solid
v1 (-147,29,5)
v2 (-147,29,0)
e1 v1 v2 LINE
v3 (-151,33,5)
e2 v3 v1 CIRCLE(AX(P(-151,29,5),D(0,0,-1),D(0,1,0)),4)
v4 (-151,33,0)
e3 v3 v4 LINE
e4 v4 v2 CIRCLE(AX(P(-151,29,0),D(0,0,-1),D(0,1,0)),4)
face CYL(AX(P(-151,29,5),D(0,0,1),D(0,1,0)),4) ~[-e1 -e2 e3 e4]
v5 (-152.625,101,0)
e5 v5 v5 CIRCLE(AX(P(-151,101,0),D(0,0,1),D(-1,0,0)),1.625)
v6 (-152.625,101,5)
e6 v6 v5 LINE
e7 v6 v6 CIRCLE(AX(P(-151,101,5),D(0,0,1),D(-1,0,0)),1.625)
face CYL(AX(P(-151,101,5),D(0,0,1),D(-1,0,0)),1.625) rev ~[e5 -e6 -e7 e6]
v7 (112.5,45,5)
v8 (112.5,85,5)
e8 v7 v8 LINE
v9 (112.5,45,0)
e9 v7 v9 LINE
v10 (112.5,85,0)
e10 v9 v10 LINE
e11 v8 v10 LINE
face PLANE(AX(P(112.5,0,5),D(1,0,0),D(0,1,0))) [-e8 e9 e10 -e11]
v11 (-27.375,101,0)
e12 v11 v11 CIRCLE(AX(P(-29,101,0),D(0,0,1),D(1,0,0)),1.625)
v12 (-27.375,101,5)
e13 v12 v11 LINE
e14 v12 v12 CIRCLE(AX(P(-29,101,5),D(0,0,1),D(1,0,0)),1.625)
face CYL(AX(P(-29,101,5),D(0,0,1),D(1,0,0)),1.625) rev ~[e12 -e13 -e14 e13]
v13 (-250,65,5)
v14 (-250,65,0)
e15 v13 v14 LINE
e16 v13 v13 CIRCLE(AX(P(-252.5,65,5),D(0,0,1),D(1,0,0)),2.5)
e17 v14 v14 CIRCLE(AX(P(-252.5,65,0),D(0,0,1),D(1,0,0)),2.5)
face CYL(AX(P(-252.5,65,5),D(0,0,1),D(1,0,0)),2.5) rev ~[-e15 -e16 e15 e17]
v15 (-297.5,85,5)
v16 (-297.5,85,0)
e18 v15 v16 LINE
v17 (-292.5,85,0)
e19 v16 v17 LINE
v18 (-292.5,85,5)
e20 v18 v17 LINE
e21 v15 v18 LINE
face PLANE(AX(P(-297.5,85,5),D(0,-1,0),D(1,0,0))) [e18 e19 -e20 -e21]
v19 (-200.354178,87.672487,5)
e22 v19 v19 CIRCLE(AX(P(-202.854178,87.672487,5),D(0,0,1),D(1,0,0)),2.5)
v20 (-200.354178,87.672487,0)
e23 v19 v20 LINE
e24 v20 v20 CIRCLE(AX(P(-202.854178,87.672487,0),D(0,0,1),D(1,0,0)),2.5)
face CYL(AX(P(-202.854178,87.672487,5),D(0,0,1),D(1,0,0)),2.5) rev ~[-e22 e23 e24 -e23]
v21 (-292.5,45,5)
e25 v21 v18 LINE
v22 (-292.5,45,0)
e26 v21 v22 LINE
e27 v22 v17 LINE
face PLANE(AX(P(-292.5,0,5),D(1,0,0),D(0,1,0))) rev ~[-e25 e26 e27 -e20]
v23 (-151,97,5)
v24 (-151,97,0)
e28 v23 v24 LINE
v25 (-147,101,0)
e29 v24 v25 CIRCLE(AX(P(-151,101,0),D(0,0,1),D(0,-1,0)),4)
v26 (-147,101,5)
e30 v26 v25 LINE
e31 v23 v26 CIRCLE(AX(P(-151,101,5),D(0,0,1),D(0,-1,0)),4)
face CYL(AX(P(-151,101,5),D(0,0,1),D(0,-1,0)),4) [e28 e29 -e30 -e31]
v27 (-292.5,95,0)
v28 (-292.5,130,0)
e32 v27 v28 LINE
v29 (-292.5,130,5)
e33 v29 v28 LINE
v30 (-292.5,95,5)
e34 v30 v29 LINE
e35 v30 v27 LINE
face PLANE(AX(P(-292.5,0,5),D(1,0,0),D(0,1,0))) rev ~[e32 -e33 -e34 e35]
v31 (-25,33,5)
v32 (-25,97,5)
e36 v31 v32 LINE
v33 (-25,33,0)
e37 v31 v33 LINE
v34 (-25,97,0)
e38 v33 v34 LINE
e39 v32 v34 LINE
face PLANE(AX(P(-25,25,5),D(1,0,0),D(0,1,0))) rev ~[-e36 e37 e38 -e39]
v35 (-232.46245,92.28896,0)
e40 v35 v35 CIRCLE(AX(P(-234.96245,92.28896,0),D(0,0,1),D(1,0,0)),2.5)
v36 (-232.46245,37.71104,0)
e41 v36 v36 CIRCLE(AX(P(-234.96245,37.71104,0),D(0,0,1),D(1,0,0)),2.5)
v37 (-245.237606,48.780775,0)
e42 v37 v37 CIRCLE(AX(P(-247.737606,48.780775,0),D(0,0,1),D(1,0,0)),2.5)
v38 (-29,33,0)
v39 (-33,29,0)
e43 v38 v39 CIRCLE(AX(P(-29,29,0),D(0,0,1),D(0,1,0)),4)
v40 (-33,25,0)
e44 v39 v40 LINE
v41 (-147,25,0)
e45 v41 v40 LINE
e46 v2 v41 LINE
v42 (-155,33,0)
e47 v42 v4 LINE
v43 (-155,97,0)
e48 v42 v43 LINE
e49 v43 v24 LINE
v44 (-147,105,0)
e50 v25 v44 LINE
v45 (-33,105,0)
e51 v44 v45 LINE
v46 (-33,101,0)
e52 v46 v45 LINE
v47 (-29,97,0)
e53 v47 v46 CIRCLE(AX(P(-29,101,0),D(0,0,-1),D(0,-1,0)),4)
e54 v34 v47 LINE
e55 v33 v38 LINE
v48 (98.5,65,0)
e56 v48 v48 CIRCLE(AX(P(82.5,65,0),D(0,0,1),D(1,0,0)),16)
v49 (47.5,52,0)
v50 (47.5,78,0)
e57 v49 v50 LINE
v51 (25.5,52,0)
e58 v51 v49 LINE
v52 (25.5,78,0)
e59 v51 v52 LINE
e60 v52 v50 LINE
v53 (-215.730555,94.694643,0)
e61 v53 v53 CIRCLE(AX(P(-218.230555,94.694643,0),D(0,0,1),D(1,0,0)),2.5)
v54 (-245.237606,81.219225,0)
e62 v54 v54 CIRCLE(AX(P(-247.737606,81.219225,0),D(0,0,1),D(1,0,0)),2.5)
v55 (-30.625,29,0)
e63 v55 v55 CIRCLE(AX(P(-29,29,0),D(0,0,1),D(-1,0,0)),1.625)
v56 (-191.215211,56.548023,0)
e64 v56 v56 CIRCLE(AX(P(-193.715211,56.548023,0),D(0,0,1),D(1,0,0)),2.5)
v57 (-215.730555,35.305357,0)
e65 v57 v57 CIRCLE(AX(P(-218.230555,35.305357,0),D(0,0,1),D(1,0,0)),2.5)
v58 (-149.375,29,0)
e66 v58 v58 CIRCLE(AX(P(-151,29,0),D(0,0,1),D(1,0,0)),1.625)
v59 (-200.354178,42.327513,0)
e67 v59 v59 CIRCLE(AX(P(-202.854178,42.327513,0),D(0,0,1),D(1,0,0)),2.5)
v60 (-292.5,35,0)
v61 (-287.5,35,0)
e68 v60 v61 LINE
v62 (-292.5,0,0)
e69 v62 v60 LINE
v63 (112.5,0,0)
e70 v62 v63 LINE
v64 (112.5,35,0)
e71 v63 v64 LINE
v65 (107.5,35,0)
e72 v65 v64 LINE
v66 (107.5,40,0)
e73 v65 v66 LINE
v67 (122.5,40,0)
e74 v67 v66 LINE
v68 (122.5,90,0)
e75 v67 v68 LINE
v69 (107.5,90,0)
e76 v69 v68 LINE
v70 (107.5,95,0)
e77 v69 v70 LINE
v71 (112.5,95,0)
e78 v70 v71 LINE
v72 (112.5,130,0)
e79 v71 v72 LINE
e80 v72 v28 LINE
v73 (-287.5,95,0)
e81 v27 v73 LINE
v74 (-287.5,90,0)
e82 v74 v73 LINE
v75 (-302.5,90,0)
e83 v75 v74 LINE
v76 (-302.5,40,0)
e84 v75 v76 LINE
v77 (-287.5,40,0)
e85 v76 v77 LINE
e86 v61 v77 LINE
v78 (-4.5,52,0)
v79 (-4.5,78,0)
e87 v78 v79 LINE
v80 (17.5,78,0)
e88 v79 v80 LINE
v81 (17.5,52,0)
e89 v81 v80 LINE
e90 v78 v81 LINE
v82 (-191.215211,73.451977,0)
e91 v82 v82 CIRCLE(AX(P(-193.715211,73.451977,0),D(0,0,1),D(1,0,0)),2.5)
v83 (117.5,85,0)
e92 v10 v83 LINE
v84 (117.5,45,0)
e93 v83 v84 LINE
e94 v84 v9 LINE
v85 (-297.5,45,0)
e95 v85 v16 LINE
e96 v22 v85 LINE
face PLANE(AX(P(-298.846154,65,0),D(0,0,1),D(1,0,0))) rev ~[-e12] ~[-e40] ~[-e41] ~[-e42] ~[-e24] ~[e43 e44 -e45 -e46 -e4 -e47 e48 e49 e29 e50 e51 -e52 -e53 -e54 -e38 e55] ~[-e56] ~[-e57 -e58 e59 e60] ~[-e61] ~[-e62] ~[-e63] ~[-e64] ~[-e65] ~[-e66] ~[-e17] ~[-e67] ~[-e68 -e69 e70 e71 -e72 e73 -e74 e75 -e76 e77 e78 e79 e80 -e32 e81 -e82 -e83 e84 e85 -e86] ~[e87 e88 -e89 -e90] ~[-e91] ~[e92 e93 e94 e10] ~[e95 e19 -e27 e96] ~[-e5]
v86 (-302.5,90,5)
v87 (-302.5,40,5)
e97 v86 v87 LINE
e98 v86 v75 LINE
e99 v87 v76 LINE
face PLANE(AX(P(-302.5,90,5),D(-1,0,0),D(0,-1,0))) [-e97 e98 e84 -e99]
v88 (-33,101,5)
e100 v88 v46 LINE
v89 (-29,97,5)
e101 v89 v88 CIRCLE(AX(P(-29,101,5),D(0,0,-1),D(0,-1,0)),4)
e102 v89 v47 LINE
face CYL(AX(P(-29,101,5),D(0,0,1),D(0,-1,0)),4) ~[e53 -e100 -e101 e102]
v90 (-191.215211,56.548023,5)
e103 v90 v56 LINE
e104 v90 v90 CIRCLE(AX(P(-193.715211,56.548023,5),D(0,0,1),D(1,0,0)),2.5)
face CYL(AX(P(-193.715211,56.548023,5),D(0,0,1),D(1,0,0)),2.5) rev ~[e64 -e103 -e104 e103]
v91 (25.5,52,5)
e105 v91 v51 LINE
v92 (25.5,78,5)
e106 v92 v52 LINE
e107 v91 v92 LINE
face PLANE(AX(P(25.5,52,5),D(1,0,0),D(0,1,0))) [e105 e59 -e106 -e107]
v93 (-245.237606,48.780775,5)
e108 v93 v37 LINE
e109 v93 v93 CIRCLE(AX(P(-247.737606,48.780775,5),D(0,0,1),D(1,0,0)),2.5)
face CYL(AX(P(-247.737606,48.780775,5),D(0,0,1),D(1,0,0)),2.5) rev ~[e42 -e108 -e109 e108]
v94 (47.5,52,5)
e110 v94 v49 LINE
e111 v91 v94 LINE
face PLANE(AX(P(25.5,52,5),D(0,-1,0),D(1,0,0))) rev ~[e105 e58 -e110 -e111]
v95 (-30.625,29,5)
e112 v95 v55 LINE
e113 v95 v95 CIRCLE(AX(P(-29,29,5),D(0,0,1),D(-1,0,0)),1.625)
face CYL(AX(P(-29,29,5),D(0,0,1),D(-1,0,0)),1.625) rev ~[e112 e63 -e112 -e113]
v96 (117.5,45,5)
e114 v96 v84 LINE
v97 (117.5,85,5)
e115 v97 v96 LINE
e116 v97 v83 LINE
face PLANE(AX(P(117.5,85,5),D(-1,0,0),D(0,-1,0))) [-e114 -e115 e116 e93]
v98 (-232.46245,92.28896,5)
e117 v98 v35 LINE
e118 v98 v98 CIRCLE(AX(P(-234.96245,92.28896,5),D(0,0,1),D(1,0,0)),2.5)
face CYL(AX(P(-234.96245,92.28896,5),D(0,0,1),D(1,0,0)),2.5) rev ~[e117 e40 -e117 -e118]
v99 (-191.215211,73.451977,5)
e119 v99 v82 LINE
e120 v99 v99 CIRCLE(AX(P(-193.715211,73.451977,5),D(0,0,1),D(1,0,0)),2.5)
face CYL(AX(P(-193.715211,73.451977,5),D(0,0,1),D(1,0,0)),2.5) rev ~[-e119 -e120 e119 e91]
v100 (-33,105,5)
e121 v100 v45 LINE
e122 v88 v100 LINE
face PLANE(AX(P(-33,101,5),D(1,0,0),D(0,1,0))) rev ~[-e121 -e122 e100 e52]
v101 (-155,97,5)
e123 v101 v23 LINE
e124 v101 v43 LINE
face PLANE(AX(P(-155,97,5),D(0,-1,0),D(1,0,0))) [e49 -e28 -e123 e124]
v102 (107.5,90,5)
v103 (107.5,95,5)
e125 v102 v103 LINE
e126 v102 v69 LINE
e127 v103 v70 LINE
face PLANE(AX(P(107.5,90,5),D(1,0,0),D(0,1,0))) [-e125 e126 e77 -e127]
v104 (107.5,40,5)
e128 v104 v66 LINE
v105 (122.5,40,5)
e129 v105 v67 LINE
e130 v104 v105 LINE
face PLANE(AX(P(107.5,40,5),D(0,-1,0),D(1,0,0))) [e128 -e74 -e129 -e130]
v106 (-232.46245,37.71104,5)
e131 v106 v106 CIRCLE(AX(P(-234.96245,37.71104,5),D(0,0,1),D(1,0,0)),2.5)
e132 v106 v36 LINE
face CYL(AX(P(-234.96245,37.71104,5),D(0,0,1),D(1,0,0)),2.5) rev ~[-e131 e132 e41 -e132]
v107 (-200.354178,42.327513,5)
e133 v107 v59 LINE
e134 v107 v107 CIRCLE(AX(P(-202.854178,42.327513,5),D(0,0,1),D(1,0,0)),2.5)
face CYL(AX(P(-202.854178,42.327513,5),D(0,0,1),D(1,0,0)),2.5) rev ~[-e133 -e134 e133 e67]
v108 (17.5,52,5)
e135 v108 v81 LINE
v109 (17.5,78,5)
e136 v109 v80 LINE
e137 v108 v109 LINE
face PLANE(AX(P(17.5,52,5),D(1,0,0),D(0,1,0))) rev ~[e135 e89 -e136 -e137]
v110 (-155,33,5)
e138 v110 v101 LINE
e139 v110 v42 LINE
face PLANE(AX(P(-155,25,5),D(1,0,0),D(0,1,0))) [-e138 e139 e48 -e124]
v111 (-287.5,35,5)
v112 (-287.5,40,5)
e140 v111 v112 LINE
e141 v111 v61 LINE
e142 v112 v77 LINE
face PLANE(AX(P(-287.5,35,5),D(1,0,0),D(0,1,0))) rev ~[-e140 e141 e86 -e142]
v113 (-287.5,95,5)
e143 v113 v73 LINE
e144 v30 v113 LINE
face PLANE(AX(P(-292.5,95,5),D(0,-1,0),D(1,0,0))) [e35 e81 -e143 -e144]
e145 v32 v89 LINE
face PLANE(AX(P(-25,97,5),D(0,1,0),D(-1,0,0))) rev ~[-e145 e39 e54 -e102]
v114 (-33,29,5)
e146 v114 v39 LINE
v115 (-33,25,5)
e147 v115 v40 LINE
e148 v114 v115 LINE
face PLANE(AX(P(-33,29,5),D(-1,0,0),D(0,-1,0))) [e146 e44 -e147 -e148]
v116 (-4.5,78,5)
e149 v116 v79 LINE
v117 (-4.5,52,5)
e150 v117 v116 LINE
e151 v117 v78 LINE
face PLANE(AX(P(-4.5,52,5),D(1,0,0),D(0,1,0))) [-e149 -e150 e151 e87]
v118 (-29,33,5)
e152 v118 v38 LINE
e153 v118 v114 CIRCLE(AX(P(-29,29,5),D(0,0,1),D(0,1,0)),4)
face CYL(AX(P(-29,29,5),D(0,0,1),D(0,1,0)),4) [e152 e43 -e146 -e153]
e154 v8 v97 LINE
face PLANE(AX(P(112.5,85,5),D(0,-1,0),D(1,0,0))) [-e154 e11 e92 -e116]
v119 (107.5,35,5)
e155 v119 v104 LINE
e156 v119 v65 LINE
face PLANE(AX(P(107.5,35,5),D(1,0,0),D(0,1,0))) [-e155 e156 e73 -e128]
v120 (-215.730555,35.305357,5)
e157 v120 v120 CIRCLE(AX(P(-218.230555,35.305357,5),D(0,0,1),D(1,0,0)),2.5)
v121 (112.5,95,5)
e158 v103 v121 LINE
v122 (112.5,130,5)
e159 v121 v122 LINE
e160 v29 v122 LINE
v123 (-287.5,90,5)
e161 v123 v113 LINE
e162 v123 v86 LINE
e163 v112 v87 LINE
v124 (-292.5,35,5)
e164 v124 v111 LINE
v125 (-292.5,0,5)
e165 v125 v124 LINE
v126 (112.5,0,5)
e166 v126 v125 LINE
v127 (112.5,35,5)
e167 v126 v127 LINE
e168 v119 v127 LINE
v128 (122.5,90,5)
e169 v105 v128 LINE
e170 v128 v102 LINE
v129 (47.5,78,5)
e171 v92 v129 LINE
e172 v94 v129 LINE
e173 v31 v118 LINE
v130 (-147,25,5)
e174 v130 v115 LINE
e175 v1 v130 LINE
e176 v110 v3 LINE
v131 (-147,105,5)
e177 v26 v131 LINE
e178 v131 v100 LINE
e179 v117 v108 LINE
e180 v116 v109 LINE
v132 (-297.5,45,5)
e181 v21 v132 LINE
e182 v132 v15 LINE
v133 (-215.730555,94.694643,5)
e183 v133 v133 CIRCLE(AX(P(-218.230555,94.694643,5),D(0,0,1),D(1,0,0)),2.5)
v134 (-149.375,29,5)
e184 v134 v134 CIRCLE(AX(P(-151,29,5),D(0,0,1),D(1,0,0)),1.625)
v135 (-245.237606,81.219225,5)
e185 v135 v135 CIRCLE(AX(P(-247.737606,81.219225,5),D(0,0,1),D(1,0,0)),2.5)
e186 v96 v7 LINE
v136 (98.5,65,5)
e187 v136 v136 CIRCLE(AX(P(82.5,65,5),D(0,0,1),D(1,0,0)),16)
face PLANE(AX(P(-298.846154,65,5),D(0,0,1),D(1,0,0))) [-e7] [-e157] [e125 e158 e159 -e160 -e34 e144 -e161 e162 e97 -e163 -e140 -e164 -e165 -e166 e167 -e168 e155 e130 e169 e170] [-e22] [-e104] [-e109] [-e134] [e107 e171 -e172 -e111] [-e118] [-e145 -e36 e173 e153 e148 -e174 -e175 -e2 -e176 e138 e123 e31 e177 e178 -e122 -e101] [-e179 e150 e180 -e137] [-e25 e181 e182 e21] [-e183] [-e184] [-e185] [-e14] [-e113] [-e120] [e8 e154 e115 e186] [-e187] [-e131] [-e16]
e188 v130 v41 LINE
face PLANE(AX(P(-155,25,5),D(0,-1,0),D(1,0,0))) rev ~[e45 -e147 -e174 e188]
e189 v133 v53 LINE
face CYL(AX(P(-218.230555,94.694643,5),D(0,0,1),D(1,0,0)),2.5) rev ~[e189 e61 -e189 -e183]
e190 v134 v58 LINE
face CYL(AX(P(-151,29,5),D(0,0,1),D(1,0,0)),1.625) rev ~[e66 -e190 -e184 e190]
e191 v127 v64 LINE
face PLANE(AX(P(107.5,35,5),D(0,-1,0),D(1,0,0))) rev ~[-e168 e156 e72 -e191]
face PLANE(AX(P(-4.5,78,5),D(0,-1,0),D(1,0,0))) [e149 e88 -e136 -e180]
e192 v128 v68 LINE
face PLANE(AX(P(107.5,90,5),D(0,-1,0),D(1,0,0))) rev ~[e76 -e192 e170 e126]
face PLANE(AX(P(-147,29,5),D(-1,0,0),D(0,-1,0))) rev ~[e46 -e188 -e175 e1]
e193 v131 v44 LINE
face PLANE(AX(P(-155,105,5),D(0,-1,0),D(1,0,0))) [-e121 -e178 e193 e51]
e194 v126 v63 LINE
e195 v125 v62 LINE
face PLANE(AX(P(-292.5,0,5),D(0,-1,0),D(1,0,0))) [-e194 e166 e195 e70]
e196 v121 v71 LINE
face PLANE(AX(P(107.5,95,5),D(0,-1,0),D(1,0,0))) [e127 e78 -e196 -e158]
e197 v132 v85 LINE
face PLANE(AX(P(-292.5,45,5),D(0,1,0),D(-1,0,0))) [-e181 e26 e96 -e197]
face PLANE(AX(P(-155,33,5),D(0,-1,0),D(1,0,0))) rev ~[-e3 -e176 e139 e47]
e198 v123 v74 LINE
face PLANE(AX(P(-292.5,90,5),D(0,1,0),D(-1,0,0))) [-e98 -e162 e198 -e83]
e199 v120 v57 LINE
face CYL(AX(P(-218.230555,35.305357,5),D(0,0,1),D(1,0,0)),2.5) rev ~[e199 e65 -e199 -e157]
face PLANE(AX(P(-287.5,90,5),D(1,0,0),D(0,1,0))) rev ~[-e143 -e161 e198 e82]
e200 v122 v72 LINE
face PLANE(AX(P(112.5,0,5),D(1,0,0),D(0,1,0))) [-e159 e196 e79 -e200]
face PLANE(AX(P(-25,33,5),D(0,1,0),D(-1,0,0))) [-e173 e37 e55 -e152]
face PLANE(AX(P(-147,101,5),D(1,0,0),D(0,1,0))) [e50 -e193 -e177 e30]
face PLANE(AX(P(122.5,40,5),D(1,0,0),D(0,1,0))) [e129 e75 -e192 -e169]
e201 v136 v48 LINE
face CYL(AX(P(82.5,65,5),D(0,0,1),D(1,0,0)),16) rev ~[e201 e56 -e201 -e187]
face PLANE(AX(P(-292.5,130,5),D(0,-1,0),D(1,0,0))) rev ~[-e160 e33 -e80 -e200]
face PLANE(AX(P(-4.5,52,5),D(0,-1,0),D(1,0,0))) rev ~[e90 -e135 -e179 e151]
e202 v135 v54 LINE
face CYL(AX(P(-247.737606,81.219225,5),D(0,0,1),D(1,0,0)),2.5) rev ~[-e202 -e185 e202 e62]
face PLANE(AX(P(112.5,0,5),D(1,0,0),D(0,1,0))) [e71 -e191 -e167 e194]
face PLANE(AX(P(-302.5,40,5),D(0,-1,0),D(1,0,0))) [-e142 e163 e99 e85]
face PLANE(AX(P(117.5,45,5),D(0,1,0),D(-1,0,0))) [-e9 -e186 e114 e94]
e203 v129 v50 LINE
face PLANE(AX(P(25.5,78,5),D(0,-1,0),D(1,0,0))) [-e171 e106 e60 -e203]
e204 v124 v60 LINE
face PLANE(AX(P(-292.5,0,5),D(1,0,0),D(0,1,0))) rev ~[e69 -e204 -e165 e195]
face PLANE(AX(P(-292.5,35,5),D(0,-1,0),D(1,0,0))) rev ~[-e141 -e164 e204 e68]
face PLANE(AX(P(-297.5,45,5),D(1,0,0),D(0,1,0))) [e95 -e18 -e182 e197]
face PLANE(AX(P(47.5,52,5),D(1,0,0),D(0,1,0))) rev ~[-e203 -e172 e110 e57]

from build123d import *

# Parameters (mm, degrees)
SKETCH1_W           = 180
SKETCH1_H           = 130
BOSS_EXTRUDE1_DEPTH = 5
SKETCH2_W           = 130
SKETCH2_H           = 80
CUT_EXTRUDE1_DEPTH  = 10
SKETCH5_R           = 1.625
BOSS_EXTRUDE3_DEPTH = 5
SKETCH6_W           = 112.5
SKETCH6_H           = 130
BOSS_EXTRUDE4_DEPTH = 5
SKETCH7_W           = 5
SKETCH7_H           = 5
CUT_EXTRUDE2_DEPTH  = 5
BOSS_EXTRUDE5_DEPTH = 5
SKETCH9_R           = 2.5
CUT_EXTRUDE3_DEPTH  = 5
SKETCH10_R          = 16
SKETCH10_W          = 22
SKETCH10_H          = 26
CUT_EXTRUDE4_DEPTH  = 5


with BuildPart() as part:
    # Sketch1 → Boss-Extrude1 (new body)
    with BuildSketch(Plane.XY):
        with Locations((-90, 65)):
            Rectangle(SKETCH1_W, SKETCH1_H)
    extrude(amount=BOSS_EXTRUDE1_DEPTH)

    # Sketch2 → Cut-Extrude1 (cut)
    with BuildSketch(Plane.XY.offset(5)):
        with Locations((-90, 65)):
            Rectangle(SKETCH2_W, SKETCH2_H)
    extrude(amount=-CUT_EXTRUDE1_DEPTH, mode=Mode.SUBTRACT)

    # Sketch5 → Boss-Extrude3 (add)
    # profile 1 of 4: a face of its own
    with BuildSketch(Plane.XY.offset(5)):
        with BuildLine():
            Line((-33, 101), (-33, 105))
            Line((-33, 105), (-25, 105))
            Line((-25, 105), (-25, 97))
            Line((-25, 97), (-29, 97))
            ThreePointArc((-29, 97), (-31.828427125, 98.171572875), (-33, 101))
        make_face()
        with Locations((-29, 101)):
            Circle(SKETCH5_R, mode=Mode.SUBTRACT)
    # profile 2 of 4: a face of its own
    with BuildSketch(Plane.XY.offset(5)):
        with BuildLine():
            Line((-155, 97), (-151, 97))
            ThreePointArc((-151, 97), (-148.171572875, 98.171572875), (-147, 101))
            Line((-147, 101), (-147, 105))
            Line((-147, 105), (-155, 105))
            Line((-155, 105), (-155, 97))
        make_face()
        with Locations(Location((-151, 101, 0), (0, 0, 180))):
            Circle(SKETCH5_R, mode=Mode.SUBTRACT)
    # profile 3 of 4: a face of its own
    with BuildSketch(Plane.XY.offset(5)):
        with BuildLine():
            Line((-25, 33), (-29, 33))
            ThreePointArc((-29, 33), (-31.828427125, 31.828427125), (-33, 29))
            Line((-33, 29), (-33, 25))
            Line((-33, 25), (-25, 25))
            Line((-25, 25), (-25, 33))
        make_face()
        with Locations(Location((-29, 29, 0), (0, 0, 180))):
            Circle(SKETCH5_R, mode=Mode.SUBTRACT)
    # profile 4 of 4: a face of its own
    with BuildSketch(Plane.XY.offset(5)):
        with BuildLine():
            Line((-147, 29), (-147, 25))
            Line((-147, 25), (-155, 25))
            Line((-155, 25), (-155, 33))
            Line((-155, 33), (-151, 33))
            ThreePointArc((-151, 33), (-148.171572875, 31.828427125), (-147, 29))
        make_face()
        with Locations((-151, 29)):
            Circle(SKETCH5_R, mode=Mode.SUBTRACT)
    extrude(amount=-BOSS_EXTRUDE3_DEPTH)

    # Sketch6 → Boss-Extrude4 (add)
    with BuildSketch(Plane.XY.offset(5)):
        with Locations((-236.25, 65)):
            Rectangle(SKETCH6_W, SKETCH6_H)
        with Locations((56.25, 65)):
            Rectangle(SKETCH6_W, SKETCH6_H)
    extrude(amount=-BOSS_EXTRUDE4_DEPTH)

    # Sketch7 → Cut-Extrude2 (cut)
    with BuildSketch(Plane.XY.offset(5)):
        with Locations((-290, 37.5)):
            Rectangle(SKETCH7_W, SKETCH7_H)
        with Locations((-290, 92.5)):
            Rectangle(SKETCH7_W, SKETCH7_H)
        with Locations((110, 92.5)):
            Rectangle(SKETCH7_W, SKETCH7_H)
        with Locations((110, 37.5)):
            Rectangle(SKETCH7_W, SKETCH7_H)
    extrude(amount=-CUT_EXTRUDE2_DEPTH, mode=Mode.SUBTRACT)

    # Sketch8 → Boss-Extrude5 (add)
    with BuildSketch(Plane.XY.offset(5)):
        Polygon((-302.5, 40), (-292.5, 40), (-292.5, 45), (-297.5, 45), (-297.5, 85), (-292.5, 85), (-292.5, 90), (-302.5, 90), align=None)
        Polygon((117.5, 85), (117.5, 45), (112.5, 45), (112.5, 40), (122.5, 40), (122.5, 90), (112.5, 90), (112.5, 85), align=None)
    extrude(amount=-BOSS_EXTRUDE5_DEPTH)

    # Sketch9 → Cut-Extrude3 (cut)
    with BuildSketch(Plane.XY.offset(5)):
        with Locations((-252.5, 65)):
            Circle(SKETCH9_R)
        with Locations((-247.737605985, 81.219224524)):
            Circle(SKETCH9_R)
        with Locations((-234.96245039, 92.288959861)):
            Circle(SKETCH9_R)
        with Locations((-218.230554852, 94.694643256)):
            Circle(SKETCH9_R)
        with Locations((-202.854177982, 87.672487231)):
            Circle(SKETCH9_R)
        with Locations((-193.715210792, 73.451976705)):
            Circle(SKETCH9_R)
        with Locations((-193.715210792, 56.548023295)):
            Circle(SKETCH9_R)
        with Locations((-202.854177982, 42.327512769)):
            Circle(SKETCH9_R)
        with Locations((-218.230554852, 35.305356744)):
            Circle(SKETCH9_R)
        with Locations((-234.96245039, 37.711040139)):
            Circle(SKETCH9_R)
        with Locations((-247.737605985, 48.780775476)):
            Circle(SKETCH9_R)
    extrude(amount=-CUT_EXTRUDE3_DEPTH, mode=Mode.SUBTRACT)

    # Sketch10 → Cut-Extrude4 (cut)
    with BuildSketch(Plane.XY.offset(5)):
        with Locations((82.5, 65)):
            Circle(SKETCH10_R)
        with Locations((6.5, 65)):
            Rectangle(SKETCH10_W, SKETCH10_H)
        with Locations((36.5, 65)):
            Rectangle(SKETCH10_W, SKETCH10_H)
    extrude(amount=-CUT_EXTRUDE4_DEPTH, mode=Mode.SUBTRACT)


solid = part.part
